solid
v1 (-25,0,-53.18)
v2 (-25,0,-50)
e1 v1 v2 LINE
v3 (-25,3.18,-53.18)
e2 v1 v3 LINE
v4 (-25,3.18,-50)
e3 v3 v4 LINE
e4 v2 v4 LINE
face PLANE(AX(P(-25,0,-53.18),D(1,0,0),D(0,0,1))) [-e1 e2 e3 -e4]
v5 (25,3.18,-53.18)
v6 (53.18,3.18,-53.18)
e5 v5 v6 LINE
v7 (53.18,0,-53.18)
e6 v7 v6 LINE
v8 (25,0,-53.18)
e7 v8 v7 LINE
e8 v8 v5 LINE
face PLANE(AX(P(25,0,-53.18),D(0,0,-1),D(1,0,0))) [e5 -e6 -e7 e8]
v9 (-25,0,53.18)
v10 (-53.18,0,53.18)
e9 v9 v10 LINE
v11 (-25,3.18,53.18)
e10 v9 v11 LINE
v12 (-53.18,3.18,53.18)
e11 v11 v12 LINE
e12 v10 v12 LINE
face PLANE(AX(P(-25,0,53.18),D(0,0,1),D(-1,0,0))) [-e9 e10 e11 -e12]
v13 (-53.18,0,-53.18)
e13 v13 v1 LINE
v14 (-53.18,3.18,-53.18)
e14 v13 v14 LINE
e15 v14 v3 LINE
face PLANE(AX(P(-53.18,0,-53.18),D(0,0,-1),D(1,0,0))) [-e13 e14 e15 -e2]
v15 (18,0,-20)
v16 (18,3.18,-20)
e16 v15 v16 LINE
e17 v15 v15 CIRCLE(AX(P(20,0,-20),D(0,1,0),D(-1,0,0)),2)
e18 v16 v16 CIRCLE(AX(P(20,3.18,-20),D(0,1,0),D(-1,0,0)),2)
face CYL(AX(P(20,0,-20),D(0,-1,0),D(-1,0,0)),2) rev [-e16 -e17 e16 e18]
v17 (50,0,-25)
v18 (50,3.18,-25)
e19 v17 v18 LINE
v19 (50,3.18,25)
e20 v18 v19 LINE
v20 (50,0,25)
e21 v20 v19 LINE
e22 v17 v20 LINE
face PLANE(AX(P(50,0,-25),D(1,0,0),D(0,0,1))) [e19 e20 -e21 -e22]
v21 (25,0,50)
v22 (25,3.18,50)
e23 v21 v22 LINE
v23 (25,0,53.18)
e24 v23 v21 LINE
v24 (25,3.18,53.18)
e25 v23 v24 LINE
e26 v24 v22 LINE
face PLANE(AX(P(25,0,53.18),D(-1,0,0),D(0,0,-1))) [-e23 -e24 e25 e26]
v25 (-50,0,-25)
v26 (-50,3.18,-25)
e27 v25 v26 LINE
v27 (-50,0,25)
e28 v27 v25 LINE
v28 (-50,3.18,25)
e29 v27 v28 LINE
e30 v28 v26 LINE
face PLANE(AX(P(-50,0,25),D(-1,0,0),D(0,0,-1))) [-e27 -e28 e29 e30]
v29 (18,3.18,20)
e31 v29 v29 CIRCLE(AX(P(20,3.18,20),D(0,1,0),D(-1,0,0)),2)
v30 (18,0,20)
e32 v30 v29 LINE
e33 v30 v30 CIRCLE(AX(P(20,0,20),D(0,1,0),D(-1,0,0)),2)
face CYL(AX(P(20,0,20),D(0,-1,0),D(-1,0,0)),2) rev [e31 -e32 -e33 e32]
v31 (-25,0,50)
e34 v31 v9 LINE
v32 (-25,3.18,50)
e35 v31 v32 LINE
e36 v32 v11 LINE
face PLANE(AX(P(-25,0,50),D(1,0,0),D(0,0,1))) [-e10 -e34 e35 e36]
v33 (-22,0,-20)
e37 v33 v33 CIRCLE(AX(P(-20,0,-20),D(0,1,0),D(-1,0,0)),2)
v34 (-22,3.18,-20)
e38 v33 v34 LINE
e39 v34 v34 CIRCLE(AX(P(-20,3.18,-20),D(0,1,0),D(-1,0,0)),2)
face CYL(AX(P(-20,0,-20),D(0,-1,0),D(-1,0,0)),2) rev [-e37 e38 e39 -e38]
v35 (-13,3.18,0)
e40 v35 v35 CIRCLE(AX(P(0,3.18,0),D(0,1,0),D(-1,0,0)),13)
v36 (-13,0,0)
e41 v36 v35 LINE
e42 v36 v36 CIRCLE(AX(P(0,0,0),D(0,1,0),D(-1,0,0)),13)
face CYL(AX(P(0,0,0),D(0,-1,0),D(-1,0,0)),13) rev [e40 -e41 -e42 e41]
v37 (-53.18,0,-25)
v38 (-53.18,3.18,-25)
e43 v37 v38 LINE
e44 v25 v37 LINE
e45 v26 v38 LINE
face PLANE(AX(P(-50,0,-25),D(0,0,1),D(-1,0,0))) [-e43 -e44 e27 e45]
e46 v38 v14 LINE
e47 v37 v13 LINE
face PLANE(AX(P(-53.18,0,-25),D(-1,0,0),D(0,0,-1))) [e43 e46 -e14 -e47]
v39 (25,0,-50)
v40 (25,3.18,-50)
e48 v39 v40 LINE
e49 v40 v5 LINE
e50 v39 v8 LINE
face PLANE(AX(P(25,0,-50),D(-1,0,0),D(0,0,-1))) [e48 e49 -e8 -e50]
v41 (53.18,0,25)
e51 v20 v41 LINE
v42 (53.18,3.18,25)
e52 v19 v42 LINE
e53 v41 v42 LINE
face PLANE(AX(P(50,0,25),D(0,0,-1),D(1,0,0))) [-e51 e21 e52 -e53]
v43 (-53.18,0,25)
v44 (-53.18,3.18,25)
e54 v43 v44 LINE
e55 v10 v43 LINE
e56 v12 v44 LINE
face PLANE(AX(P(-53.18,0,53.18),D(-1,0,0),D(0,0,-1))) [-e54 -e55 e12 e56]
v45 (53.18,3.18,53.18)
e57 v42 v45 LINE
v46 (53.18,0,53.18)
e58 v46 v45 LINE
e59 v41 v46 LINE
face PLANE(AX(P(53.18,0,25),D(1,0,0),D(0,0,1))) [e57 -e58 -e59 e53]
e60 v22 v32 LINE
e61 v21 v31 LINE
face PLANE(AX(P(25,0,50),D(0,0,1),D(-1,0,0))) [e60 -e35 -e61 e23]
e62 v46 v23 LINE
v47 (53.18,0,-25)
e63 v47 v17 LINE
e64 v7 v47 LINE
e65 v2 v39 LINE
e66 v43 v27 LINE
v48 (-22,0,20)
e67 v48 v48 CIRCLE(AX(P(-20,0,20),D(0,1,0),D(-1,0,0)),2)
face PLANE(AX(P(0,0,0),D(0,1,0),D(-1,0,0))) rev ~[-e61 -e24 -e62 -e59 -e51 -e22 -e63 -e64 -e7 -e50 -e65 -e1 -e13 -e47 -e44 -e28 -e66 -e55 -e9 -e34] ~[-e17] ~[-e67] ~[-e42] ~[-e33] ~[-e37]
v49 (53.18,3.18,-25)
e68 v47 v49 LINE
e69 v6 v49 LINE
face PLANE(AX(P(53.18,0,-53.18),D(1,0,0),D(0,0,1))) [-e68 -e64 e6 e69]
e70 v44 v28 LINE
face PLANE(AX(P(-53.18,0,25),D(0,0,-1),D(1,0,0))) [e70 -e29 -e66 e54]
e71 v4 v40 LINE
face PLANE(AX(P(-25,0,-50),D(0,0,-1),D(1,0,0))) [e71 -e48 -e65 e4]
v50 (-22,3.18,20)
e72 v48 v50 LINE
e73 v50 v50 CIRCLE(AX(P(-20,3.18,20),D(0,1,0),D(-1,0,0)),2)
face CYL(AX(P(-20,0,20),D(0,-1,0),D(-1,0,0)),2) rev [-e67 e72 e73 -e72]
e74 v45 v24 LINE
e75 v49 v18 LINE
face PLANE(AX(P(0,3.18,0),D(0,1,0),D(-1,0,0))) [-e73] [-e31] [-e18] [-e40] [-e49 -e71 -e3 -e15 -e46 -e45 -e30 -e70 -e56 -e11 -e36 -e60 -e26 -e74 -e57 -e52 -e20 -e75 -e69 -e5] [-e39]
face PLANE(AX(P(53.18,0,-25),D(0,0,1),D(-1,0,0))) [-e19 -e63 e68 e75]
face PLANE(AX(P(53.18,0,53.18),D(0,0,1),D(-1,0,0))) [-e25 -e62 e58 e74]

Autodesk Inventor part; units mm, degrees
ref_plane "YZ Plane" through (0, 0, 0) normal (1, 0, 0) x (0, 1, 0)
ref_plane "XZ Plane" through (0, 0, 0) normal (0, 1, 0) x (-1, 0, 0)
ref_plane "XY Plane" through (0, 0, 0) normal (0, 0, 1) x (1, 0, 0)
sketch "Boceto1" plane through (0, 0, 0) normal (0, 1, 0) x (-1, 0, 0)
  circle A0 centre (0, 0) radius 13
  line L0 (-53.18, 53.18) -> (53.18, 53.18)
  line L1 (53.18, 53.18) -> (53.18, -53.18)
  line L2 (53.18, -53.18) -> (-53.18, -53.18)
  line L3 (-53.18, -53.18) -> (-53.18, 53.18)
  line L4 (-53.18, 53.18) -> (53.18, -53.18) construction
  line L5 (53.18, 53.18) -> (-53.18, -53.18) construction
  line L6 (25, 53.18) -> (-25, 53.18)
  line L7 (-25, 53.18) -> (-25, 50)
  line L8 (-25, 50) -> (25, 50)
  line L9 (25, 50) -> (25, 53.18)
  line L10 (53.18, 25) -> (50, 25)
  line L11 (50, 25) -> (50, -25)
  line L12 (50, -25) -> (53.18, -25)
  line L13 (53.18, -25) -> (53.18, 25)
  line L14 (25, -50) -> (-25, -50)
  line L15 (-25, -50) -> (-25, -53.18)
  line L16 (-25, -53.18) -> (25, -53.18)
  line L17 (25, -53.18) -> (25, -50)
  line L18 (-50, 25) -> (-53.18, 25)
  line L19 (-53.18, 25) -> (-53.18, -25)
  line L20 (-53.18, -25) -> (-50, -25)
  line L21 (-50, -25) -> (-50, 25)
  circle A1 centre (20, 20) radius 2
  circle A2 centre (20, -20) radius 2
  circle A3 centre (-20, -20) radius 2
  circle A4 centre (-20, 20) radius 2
  dimension "d0" = 26
  dimension "d1" = 106.36
  dimension "d2" = 106.36
  dimension "d3" = 3.18
  dimension "d4" = 50
  dimension "d5" = 25
  dimension "d6" = 25
  dimension "d9" = 4
  dimension "d10" = 4
  dimension "d11" = 4
  dimension "d12" = 4
  dimension "d13" = 20
  dimension "d14" = 20
  dimension "d15" = 40
  dimension "d16" = 20
  dimension "d17" = 40
  dimension "d18" = 40
  dimension "d19" = 40
extrude "Extrusión2" add sketch "Boceto1" along normal blind 3.18 contours L0 L7 L8 L9 L1 L10 L11 L12 L2 L17 L14 L15 L3 L20 L21 L18
properties part number "BASE_TECHO"
